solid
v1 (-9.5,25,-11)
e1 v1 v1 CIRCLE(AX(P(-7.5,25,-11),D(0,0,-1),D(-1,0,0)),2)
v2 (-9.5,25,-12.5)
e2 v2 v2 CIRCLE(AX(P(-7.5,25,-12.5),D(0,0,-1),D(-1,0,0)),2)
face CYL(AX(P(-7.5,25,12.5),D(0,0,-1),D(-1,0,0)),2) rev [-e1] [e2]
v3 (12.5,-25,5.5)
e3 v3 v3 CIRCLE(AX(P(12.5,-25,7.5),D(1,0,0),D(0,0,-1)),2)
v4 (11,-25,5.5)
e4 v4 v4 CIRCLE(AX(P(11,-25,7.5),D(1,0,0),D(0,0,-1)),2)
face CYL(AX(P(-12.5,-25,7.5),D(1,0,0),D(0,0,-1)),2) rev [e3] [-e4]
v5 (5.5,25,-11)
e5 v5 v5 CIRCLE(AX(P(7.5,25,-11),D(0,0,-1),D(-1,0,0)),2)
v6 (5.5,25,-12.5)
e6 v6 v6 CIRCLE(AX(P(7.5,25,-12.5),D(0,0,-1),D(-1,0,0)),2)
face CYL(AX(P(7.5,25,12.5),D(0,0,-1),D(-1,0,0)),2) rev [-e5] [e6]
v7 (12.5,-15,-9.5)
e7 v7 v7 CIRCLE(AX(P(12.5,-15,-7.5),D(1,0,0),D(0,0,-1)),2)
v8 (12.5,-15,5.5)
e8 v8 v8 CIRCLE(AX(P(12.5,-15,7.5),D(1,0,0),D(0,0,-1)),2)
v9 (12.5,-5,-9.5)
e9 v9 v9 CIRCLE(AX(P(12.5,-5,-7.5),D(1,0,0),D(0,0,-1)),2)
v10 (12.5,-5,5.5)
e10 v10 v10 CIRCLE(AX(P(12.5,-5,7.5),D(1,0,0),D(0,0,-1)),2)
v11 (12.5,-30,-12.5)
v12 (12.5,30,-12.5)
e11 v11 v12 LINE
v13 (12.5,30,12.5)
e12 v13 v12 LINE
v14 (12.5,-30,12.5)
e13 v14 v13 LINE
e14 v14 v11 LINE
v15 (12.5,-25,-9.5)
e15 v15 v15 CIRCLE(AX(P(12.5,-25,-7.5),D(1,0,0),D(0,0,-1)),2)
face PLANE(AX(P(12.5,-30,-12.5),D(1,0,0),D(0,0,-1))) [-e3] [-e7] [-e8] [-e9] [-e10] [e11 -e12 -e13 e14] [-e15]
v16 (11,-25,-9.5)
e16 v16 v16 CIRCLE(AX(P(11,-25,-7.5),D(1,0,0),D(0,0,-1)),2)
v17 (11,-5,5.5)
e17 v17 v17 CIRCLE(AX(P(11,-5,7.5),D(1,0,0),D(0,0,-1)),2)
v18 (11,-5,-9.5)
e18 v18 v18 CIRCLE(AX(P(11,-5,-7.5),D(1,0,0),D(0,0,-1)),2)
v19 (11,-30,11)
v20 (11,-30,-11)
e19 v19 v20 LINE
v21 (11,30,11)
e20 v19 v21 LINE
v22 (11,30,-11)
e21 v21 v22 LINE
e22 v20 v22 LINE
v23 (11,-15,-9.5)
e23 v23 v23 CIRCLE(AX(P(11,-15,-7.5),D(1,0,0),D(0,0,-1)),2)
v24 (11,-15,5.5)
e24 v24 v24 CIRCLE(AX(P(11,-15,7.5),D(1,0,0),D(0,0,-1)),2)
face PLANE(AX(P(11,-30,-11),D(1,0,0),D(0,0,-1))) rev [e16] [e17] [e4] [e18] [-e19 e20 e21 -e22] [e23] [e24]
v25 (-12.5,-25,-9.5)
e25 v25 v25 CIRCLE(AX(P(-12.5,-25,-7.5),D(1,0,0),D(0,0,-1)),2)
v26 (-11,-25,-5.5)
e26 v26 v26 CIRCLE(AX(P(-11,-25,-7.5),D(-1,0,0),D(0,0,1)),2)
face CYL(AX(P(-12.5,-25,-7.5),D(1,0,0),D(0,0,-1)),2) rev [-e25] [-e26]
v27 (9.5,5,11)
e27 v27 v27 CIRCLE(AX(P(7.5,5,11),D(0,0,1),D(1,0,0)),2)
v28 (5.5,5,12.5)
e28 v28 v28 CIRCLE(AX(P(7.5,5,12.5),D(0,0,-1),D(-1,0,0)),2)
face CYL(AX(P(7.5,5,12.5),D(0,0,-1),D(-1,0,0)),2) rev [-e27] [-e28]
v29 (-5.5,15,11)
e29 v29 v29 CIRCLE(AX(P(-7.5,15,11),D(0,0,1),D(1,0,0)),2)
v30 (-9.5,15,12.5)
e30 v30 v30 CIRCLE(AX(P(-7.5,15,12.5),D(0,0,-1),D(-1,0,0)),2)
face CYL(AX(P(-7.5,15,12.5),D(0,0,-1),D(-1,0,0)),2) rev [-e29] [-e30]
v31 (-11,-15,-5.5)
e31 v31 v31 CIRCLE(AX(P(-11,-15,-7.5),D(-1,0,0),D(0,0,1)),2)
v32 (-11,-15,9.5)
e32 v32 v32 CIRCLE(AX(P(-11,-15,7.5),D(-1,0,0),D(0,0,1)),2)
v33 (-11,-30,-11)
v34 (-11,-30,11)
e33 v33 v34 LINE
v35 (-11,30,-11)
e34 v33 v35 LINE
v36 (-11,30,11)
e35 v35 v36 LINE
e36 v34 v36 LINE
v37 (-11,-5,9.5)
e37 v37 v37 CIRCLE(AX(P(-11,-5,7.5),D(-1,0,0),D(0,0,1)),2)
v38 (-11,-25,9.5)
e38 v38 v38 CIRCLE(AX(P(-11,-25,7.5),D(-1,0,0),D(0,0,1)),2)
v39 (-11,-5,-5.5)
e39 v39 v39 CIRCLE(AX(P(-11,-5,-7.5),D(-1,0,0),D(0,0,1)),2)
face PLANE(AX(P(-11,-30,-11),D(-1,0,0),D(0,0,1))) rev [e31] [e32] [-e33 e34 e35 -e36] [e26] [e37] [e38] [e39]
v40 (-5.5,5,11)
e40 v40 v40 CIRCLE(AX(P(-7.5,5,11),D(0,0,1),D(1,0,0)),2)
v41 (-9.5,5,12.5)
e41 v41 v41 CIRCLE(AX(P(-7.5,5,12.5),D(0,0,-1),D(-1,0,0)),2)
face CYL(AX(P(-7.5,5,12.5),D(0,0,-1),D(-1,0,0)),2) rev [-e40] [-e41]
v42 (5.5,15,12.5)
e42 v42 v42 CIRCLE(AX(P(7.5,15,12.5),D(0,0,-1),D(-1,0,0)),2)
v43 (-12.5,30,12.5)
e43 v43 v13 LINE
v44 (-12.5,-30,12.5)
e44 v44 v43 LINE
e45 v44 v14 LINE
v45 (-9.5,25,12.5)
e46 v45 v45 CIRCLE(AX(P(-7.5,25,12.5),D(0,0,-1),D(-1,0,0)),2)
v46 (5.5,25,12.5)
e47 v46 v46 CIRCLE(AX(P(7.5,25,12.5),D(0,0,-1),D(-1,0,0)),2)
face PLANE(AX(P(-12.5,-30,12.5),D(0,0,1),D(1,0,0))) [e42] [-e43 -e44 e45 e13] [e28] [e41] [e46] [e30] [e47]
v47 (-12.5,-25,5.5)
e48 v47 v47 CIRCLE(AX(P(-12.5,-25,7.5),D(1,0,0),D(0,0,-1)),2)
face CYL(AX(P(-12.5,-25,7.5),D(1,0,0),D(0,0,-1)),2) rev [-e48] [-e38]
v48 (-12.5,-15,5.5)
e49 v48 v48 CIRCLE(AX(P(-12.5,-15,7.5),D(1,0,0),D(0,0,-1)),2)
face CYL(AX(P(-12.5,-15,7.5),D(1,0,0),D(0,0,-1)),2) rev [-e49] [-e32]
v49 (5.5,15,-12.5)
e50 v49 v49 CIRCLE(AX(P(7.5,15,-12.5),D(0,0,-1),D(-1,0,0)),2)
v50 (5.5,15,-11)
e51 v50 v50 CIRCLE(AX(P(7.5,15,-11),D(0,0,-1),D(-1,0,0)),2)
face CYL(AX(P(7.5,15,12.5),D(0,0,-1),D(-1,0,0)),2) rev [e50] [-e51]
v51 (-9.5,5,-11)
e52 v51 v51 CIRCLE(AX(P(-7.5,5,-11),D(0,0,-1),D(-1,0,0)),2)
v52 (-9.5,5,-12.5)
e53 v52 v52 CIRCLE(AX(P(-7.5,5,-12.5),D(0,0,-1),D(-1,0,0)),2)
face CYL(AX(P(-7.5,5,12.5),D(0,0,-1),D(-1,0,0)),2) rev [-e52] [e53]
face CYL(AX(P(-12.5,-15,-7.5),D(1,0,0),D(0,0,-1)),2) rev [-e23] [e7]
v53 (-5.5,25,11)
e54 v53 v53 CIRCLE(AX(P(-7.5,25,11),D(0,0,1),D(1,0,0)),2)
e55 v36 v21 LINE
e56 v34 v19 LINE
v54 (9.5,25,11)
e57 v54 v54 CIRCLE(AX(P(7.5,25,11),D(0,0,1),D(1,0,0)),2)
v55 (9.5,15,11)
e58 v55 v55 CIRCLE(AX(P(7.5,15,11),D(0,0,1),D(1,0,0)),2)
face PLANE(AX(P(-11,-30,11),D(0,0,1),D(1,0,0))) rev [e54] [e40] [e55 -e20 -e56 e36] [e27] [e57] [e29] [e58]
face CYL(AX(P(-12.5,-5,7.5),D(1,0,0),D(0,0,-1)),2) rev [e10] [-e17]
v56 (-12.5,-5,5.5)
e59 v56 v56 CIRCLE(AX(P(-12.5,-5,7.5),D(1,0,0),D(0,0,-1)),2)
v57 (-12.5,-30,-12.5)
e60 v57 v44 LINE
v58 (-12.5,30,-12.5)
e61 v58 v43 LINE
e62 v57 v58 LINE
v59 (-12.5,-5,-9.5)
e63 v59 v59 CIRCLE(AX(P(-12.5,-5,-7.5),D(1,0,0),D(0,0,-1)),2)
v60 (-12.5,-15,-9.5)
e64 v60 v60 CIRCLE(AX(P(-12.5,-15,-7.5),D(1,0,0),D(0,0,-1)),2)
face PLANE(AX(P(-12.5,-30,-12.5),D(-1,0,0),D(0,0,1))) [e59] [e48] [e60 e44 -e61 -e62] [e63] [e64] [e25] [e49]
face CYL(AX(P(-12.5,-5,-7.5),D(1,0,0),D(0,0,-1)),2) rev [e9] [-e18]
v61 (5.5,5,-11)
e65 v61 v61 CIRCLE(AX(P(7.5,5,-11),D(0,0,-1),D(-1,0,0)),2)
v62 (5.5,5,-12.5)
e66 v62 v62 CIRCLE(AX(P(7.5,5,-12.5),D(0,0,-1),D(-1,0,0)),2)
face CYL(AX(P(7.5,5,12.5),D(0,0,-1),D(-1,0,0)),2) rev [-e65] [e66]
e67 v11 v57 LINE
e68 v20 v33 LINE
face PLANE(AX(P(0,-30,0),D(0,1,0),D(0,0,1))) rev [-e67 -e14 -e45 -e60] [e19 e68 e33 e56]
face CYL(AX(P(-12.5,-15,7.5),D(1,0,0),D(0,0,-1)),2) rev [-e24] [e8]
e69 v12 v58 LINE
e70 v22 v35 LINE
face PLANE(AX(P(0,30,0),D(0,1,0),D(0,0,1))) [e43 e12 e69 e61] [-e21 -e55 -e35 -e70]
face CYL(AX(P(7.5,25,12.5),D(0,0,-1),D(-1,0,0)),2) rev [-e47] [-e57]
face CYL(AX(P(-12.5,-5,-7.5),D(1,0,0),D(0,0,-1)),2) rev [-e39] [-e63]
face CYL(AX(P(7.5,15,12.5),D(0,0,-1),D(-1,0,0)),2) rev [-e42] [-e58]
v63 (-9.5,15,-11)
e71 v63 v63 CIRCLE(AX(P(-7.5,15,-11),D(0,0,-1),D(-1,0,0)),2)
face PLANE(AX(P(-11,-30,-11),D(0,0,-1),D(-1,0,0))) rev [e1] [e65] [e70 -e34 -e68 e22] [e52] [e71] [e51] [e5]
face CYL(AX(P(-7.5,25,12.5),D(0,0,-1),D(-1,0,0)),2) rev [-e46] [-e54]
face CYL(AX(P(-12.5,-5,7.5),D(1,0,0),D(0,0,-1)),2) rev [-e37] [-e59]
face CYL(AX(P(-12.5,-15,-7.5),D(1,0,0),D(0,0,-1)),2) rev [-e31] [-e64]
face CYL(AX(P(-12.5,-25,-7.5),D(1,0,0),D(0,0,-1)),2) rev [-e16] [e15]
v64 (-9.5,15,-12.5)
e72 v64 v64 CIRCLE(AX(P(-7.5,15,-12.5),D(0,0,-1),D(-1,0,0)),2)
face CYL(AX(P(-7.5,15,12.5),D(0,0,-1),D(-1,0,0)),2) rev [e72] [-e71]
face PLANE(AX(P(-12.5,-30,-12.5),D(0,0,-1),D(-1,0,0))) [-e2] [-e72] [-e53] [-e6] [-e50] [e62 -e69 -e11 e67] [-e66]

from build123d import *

# Parameters (mm, degrees)
BOSS_EXTRUDE1_DEPTH      = 30
BOSS_EXTRUDE1_DEPTH_BACK = 30
SKETCH3_W                = 25
SKETCH3_H                = 25
SKETCH3_W_2              = 22
SKETCH3_H_2              = 22
SKETCH6_R                = 2
CUT_EXTRUDE3_DEPTH       = 25
SKETCH7_R                = 2
CUT_EXTRUDE4_DEPTH       = 25


with BuildPart() as part:
    # Sketch3 → Boss-Extrude1 (new, two sides: drawn at the far end of the back side and taken through both)
    with BuildSketch(Plane(origin=(0, 0, 0), x_dir=(1, 0, 0), z_dir=(0, 1, 0)).offset(-BOSS_EXTRUDE1_DEPTH_BACK)):
        Rectangle(SKETCH3_W, SKETCH3_H)
        Rectangle(SKETCH3_W_2, SKETCH3_H_2, mode=Mode.SUBTRACT)
    extrude(amount=BOSS_EXTRUDE1_DEPTH + BOSS_EXTRUDE1_DEPTH_BACK)

    # Sketch6 → Cut-Extrude3 (cut)
    with BuildSketch(Plane(origin=(12.5, 0, 0), x_dir=(0, 0, -1), z_dir=(1, 0, 0))):
        with Locations((7.5, -25)):
            Circle(SKETCH6_R)
        with Locations((7.5, -5)):
            Circle(SKETCH6_R)
        with Locations((-7.5, -25)):
            Circle(SKETCH6_R)
        with Locations((-7.5, -5)):
            Circle(SKETCH6_R)
        with Locations((7.5, -15)):
            Circle(SKETCH6_R)
        with Locations((-7.5, -15)):
            Circle(SKETCH6_R)
    extrude(amount=-CUT_EXTRUDE3_DEPTH, mode=Mode.SUBTRACT)

    # Sketch7 → Cut-Extrude4 (cut)
    with BuildSketch(Plane(origin=(0, 0, -12.5), x_dir=(-1, 0, 0), z_dir=(0, 0, -1))):
        with Locations((7.5, 25)):
            Circle(SKETCH7_R)
        with Locations((7.5, 15)):
            Circle(SKETCH7_R)
        with Locations((-7.5, 25)):
            Circle(SKETCH7_R)
        with Locations((-7.5, 15)):
            Circle(SKETCH7_R)
        with Locations((-7.5, 5)):
            Circle(SKETCH7_R)
        with Locations((7.5, 5)):
            Circle(SKETCH7_R)
    extrude(amount=-CUT_EXTRUDE4_DEPTH, mode=Mode.SUBTRACT)


solid = part.part
